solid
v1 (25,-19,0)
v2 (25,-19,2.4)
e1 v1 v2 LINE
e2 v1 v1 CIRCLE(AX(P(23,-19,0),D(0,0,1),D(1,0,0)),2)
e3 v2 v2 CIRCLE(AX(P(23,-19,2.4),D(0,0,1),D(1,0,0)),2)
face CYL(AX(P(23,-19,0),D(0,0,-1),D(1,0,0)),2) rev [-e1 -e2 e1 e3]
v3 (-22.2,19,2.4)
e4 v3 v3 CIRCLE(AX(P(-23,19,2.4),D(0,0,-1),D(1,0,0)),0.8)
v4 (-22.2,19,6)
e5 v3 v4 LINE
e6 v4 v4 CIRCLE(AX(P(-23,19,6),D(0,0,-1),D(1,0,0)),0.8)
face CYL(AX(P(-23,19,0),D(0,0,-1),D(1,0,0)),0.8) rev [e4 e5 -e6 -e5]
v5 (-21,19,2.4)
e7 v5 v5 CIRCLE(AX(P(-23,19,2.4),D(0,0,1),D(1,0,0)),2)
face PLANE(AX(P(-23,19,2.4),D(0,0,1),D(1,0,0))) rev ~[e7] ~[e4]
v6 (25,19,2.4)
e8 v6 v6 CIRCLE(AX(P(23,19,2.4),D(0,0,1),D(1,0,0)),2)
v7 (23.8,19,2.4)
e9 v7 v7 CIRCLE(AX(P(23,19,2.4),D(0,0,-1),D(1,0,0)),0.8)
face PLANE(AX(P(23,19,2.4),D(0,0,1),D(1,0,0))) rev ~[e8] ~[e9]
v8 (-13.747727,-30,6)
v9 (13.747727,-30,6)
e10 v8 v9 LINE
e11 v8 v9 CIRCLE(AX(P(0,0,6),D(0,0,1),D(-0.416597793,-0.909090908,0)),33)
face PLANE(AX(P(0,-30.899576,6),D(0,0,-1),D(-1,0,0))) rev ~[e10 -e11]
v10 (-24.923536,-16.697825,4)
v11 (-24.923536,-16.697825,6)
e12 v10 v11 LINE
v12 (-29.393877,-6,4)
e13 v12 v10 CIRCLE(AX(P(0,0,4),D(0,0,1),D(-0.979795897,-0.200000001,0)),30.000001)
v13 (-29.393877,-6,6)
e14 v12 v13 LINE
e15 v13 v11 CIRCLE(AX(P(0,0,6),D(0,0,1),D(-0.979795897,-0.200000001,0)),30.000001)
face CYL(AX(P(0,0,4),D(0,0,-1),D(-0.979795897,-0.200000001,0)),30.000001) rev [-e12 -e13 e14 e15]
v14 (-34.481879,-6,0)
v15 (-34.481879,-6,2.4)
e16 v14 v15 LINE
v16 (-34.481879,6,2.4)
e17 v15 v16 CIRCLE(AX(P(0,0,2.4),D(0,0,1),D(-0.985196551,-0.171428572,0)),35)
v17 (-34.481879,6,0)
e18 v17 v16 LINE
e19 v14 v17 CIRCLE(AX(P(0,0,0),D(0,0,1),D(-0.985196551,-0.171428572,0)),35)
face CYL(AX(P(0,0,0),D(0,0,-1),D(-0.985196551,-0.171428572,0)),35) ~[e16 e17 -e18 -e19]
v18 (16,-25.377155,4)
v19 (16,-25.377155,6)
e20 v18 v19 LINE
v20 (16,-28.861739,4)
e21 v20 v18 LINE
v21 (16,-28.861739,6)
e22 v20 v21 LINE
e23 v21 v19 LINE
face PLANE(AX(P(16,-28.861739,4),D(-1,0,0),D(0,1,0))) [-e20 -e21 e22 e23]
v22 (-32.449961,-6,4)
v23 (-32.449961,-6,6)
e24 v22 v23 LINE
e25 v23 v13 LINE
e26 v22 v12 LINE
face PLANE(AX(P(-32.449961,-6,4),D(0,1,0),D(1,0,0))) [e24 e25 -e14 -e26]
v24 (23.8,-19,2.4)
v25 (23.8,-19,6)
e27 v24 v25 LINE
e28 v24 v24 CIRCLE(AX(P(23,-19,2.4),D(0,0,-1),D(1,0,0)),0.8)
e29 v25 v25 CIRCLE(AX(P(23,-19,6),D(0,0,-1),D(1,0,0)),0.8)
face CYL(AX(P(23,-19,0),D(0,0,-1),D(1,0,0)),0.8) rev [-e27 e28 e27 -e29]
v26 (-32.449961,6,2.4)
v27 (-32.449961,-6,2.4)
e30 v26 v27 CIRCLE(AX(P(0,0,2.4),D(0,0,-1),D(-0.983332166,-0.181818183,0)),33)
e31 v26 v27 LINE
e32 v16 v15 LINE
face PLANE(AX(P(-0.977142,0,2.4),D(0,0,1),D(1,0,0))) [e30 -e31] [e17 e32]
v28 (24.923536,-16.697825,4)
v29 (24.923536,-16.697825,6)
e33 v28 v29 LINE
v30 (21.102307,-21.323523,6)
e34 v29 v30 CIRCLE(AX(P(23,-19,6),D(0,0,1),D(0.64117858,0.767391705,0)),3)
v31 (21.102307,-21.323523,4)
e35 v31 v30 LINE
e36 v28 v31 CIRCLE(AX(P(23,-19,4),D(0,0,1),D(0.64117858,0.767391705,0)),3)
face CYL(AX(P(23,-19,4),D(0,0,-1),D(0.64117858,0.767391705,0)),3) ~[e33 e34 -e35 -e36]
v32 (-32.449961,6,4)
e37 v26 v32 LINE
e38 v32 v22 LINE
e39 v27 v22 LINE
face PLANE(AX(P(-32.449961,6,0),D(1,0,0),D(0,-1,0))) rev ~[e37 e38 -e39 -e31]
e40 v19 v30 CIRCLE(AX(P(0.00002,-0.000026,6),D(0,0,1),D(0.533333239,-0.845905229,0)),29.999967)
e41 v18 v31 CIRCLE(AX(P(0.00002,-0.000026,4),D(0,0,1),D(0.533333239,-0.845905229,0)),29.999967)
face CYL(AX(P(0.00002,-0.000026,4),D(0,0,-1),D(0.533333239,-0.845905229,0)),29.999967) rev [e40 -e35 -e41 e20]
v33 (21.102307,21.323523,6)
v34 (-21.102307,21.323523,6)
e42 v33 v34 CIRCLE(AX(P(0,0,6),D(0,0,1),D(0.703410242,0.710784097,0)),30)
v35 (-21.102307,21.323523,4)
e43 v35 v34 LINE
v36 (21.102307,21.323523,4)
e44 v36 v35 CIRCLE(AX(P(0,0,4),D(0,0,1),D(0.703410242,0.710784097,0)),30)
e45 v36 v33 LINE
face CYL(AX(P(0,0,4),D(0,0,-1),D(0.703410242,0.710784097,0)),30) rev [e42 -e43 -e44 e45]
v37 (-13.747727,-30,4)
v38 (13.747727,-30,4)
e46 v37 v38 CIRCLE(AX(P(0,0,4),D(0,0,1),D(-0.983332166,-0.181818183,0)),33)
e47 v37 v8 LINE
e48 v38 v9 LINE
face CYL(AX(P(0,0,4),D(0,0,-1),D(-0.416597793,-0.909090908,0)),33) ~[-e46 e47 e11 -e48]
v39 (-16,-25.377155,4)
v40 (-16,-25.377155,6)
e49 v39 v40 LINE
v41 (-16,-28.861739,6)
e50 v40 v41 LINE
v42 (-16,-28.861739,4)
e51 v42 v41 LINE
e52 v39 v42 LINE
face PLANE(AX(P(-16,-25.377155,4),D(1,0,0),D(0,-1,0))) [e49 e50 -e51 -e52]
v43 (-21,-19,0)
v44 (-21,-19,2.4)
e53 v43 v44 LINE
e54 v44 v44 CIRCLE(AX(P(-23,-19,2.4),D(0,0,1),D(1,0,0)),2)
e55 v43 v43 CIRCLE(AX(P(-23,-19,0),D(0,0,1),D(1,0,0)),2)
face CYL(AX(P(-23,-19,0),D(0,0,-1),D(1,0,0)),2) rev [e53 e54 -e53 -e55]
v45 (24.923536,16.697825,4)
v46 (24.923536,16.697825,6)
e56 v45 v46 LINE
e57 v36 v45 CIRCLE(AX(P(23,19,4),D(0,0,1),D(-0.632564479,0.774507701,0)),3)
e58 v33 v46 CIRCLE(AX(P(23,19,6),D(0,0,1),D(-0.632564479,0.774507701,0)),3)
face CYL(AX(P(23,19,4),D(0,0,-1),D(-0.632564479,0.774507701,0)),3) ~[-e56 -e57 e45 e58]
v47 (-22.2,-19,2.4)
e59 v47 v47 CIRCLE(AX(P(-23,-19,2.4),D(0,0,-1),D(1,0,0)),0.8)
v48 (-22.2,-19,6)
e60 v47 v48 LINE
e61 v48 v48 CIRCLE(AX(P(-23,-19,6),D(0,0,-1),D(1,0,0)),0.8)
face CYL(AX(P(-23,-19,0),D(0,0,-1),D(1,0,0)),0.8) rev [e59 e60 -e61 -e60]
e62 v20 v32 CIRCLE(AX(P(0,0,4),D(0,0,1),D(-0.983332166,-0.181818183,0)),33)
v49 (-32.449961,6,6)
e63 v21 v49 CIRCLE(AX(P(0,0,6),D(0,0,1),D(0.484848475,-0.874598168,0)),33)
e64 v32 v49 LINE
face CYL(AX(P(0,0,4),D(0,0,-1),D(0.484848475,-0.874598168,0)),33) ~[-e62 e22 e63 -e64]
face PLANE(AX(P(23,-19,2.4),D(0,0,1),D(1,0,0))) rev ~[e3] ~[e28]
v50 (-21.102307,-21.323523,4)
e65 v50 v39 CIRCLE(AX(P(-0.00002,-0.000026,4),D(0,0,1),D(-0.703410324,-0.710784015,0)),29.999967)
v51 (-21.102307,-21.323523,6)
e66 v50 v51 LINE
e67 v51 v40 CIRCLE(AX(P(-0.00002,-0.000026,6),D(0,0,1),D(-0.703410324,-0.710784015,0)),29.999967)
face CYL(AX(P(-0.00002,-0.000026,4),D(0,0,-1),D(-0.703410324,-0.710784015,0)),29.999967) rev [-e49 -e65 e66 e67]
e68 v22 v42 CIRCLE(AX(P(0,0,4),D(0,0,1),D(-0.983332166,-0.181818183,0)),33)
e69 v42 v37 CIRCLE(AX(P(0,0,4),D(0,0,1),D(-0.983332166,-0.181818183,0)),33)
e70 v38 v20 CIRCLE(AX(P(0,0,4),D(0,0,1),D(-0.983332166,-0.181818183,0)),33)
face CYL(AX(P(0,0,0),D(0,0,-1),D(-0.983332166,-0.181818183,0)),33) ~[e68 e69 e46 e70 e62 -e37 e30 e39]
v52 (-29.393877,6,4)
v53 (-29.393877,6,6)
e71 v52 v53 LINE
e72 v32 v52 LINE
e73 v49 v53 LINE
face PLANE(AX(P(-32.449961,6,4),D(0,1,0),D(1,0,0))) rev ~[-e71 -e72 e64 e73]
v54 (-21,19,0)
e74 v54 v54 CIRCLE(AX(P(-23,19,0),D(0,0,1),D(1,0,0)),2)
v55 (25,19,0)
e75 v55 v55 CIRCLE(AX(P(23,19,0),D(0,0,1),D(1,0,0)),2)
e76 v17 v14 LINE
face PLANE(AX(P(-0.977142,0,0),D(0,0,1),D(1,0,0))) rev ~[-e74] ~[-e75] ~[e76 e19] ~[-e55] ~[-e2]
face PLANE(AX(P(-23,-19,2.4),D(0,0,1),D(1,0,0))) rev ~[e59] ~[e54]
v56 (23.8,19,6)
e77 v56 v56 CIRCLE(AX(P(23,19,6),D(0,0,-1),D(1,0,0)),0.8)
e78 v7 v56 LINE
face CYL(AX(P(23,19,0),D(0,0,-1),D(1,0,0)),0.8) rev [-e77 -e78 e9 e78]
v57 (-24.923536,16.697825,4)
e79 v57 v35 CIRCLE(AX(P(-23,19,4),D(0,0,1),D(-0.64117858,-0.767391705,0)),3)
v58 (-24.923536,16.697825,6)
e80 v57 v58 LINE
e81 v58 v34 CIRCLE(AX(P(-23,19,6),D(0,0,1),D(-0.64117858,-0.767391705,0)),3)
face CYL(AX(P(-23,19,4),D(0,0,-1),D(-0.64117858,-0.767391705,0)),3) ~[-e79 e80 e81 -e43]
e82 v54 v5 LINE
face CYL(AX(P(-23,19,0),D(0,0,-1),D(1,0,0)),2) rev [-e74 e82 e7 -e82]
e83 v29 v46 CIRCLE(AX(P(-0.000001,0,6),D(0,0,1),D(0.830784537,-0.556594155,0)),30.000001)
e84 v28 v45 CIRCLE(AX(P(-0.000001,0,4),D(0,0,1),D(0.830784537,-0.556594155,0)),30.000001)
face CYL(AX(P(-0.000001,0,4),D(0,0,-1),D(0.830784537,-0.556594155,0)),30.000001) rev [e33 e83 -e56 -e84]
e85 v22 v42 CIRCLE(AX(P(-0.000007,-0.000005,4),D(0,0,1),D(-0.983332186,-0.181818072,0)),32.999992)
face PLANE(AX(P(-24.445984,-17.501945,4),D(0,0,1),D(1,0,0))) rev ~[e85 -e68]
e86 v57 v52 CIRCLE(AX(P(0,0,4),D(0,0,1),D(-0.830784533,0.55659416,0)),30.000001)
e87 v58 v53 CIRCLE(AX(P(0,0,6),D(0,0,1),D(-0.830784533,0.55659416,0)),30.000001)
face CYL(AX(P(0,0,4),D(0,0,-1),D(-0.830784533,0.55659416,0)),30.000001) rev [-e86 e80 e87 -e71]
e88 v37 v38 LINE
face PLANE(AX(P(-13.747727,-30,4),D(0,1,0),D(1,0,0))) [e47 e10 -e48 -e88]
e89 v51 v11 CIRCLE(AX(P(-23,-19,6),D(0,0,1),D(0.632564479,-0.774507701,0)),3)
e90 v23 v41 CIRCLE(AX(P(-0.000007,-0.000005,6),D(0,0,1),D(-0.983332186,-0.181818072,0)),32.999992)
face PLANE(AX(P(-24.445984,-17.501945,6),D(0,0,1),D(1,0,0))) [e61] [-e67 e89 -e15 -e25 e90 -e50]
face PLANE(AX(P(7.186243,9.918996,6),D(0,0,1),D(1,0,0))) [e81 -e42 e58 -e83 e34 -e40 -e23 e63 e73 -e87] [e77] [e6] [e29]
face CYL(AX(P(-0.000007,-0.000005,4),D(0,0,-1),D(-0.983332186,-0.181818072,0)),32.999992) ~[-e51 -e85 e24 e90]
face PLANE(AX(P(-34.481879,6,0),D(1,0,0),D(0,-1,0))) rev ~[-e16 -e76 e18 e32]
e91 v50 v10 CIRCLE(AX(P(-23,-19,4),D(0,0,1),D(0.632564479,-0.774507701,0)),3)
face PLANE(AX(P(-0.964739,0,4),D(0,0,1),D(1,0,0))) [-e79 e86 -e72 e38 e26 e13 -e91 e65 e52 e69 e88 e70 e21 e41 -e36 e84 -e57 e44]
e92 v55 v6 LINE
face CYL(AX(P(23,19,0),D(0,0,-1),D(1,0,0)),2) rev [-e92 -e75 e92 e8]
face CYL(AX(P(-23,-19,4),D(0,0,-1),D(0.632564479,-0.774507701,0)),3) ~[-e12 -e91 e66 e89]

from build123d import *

# Parameters (mm, degrees)
PAD001_DEPTH    = 4
PAD009_DEPTH    = 2
PAD010_DEPTH    = 2.4
SKETCH026_R     = 0.8
POCKET012_DEPTH = 6.001
SKETCH027_R     = 2
POCKET013_DEPTH = 2.4


with BuildPart() as part:
    # Sketch004 → Pad001 (new body)
    with BuildSketch(Plane.XY):
        with BuildLine():
            ThreePointArc((-32.449961, -6), (33, 0), (-32.449961, 6))
            Line((-32.449961, 6), (-32.449961, -6))
        make_face()
    extrude(amount=PAD001_DEPTH)

    # Sketch005 (on Face4 of Pad001) → Pad009 (join)
    with BuildSketch(Plane.XY.offset(4)):
        with BuildLine():
            ThreePointArc((-24.923536, 16.697825), (-20.687115, 17.089356), (-21.102307, 21.323523))
            ThreePointArc((21.102307, 21.323523), (0, 30), (-21.102307, 21.323523))
            ThreePointArc((21.102307, 21.323523), (20.687115, 17.089356), (24.923536, 16.697825))
            ThreePointArc((24.923536, -16.697825), (30, 0), (24.923536, 16.697825))
            ThreePointArc((24.923536, -16.697825), (20.687115, -17.089356), (21.102307, -21.323523))
            ThreePointArc((16, -25.377155), (18.661545, -23.48929), (21.102307, -21.323523))
            Line((16, -28.861739), (16, -25.377155))
            ThreePointArc((16, -28.861739), (19.27396, 26.786461), (-32.449961, 6))
            Line((-32.449961, 6), (-29.393877, 6))
            ThreePointArc((-24.923536, 16.697825), (-27.68043, 11.566927), (-29.393877, 6))
        make_face()
        with BuildLine():
            ThreePointArc((-21.102307, -21.323523), (-20.687115, -17.089356), (-24.923536, -16.697825))
            ThreePointArc((-29.393877, -6), (-27.68043, -11.566927), (-24.923536, -16.697825))
            Line((-32.449961, -6), (-29.393877, -6))
            ThreePointArc((-32.449961, -6), (-26.786461, -19.27396), (-16, -28.861739))
            Line((-16, -25.377155), (-16, -28.861739))
            ThreePointArc((-21.102307, -21.323523), (-18.661545, -23.48929), (-16, -25.377155))
        make_face()
        with BuildLine():
            Line((-13.747727, -30), (13.747727, -30))
            ThreePointArc((-13.747727, -30), (0, -33), (13.747727, -30))
        make_face()
    extrude(amount=PAD009_DEPTH)

    # Sketch018 → Pad010 (join)
    with BuildSketch(Plane.XY):
        with BuildLine():
            ThreePointArc((-34.481879, -6), (35, 0), (-34.481879, 6))
            Line((-34.481879, 6), (-34.481879, -6))
        make_face()
    extrude(amount=PAD010_DEPTH)

    # Sketch026 → Pocket012 (cut, through all)
    with BuildSketch(Plane.XY):
        with Locations((-23, 19)):
            Circle(SKETCH026_R)
        with Locations((23, 19)):
            Circle(SKETCH026_R)
        with Locations((-23, -19)):
            Circle(SKETCH026_R)
        with Locations((23, -19)):
            Circle(SKETCH026_R)
    extrude(amount=POCKET012_DEPTH, mode=Mode.SUBTRACT)

    # Sketch027 → Pocket013 (cut)
    with BuildSketch(Plane.XY):
        with Locations((-23, 19)):
            Circle(SKETCH027_R)
        with Locations((23, 19)):
            Circle(SKETCH027_R)
        with Locations((-23, -19)):
            Circle(SKETCH027_R)
        with Locations((23, -19)):
            Circle(SKETCH027_R)
    extrude(amount=POCKET013_DEPTH, mode=Mode.SUBTRACT)


solid = part.part
